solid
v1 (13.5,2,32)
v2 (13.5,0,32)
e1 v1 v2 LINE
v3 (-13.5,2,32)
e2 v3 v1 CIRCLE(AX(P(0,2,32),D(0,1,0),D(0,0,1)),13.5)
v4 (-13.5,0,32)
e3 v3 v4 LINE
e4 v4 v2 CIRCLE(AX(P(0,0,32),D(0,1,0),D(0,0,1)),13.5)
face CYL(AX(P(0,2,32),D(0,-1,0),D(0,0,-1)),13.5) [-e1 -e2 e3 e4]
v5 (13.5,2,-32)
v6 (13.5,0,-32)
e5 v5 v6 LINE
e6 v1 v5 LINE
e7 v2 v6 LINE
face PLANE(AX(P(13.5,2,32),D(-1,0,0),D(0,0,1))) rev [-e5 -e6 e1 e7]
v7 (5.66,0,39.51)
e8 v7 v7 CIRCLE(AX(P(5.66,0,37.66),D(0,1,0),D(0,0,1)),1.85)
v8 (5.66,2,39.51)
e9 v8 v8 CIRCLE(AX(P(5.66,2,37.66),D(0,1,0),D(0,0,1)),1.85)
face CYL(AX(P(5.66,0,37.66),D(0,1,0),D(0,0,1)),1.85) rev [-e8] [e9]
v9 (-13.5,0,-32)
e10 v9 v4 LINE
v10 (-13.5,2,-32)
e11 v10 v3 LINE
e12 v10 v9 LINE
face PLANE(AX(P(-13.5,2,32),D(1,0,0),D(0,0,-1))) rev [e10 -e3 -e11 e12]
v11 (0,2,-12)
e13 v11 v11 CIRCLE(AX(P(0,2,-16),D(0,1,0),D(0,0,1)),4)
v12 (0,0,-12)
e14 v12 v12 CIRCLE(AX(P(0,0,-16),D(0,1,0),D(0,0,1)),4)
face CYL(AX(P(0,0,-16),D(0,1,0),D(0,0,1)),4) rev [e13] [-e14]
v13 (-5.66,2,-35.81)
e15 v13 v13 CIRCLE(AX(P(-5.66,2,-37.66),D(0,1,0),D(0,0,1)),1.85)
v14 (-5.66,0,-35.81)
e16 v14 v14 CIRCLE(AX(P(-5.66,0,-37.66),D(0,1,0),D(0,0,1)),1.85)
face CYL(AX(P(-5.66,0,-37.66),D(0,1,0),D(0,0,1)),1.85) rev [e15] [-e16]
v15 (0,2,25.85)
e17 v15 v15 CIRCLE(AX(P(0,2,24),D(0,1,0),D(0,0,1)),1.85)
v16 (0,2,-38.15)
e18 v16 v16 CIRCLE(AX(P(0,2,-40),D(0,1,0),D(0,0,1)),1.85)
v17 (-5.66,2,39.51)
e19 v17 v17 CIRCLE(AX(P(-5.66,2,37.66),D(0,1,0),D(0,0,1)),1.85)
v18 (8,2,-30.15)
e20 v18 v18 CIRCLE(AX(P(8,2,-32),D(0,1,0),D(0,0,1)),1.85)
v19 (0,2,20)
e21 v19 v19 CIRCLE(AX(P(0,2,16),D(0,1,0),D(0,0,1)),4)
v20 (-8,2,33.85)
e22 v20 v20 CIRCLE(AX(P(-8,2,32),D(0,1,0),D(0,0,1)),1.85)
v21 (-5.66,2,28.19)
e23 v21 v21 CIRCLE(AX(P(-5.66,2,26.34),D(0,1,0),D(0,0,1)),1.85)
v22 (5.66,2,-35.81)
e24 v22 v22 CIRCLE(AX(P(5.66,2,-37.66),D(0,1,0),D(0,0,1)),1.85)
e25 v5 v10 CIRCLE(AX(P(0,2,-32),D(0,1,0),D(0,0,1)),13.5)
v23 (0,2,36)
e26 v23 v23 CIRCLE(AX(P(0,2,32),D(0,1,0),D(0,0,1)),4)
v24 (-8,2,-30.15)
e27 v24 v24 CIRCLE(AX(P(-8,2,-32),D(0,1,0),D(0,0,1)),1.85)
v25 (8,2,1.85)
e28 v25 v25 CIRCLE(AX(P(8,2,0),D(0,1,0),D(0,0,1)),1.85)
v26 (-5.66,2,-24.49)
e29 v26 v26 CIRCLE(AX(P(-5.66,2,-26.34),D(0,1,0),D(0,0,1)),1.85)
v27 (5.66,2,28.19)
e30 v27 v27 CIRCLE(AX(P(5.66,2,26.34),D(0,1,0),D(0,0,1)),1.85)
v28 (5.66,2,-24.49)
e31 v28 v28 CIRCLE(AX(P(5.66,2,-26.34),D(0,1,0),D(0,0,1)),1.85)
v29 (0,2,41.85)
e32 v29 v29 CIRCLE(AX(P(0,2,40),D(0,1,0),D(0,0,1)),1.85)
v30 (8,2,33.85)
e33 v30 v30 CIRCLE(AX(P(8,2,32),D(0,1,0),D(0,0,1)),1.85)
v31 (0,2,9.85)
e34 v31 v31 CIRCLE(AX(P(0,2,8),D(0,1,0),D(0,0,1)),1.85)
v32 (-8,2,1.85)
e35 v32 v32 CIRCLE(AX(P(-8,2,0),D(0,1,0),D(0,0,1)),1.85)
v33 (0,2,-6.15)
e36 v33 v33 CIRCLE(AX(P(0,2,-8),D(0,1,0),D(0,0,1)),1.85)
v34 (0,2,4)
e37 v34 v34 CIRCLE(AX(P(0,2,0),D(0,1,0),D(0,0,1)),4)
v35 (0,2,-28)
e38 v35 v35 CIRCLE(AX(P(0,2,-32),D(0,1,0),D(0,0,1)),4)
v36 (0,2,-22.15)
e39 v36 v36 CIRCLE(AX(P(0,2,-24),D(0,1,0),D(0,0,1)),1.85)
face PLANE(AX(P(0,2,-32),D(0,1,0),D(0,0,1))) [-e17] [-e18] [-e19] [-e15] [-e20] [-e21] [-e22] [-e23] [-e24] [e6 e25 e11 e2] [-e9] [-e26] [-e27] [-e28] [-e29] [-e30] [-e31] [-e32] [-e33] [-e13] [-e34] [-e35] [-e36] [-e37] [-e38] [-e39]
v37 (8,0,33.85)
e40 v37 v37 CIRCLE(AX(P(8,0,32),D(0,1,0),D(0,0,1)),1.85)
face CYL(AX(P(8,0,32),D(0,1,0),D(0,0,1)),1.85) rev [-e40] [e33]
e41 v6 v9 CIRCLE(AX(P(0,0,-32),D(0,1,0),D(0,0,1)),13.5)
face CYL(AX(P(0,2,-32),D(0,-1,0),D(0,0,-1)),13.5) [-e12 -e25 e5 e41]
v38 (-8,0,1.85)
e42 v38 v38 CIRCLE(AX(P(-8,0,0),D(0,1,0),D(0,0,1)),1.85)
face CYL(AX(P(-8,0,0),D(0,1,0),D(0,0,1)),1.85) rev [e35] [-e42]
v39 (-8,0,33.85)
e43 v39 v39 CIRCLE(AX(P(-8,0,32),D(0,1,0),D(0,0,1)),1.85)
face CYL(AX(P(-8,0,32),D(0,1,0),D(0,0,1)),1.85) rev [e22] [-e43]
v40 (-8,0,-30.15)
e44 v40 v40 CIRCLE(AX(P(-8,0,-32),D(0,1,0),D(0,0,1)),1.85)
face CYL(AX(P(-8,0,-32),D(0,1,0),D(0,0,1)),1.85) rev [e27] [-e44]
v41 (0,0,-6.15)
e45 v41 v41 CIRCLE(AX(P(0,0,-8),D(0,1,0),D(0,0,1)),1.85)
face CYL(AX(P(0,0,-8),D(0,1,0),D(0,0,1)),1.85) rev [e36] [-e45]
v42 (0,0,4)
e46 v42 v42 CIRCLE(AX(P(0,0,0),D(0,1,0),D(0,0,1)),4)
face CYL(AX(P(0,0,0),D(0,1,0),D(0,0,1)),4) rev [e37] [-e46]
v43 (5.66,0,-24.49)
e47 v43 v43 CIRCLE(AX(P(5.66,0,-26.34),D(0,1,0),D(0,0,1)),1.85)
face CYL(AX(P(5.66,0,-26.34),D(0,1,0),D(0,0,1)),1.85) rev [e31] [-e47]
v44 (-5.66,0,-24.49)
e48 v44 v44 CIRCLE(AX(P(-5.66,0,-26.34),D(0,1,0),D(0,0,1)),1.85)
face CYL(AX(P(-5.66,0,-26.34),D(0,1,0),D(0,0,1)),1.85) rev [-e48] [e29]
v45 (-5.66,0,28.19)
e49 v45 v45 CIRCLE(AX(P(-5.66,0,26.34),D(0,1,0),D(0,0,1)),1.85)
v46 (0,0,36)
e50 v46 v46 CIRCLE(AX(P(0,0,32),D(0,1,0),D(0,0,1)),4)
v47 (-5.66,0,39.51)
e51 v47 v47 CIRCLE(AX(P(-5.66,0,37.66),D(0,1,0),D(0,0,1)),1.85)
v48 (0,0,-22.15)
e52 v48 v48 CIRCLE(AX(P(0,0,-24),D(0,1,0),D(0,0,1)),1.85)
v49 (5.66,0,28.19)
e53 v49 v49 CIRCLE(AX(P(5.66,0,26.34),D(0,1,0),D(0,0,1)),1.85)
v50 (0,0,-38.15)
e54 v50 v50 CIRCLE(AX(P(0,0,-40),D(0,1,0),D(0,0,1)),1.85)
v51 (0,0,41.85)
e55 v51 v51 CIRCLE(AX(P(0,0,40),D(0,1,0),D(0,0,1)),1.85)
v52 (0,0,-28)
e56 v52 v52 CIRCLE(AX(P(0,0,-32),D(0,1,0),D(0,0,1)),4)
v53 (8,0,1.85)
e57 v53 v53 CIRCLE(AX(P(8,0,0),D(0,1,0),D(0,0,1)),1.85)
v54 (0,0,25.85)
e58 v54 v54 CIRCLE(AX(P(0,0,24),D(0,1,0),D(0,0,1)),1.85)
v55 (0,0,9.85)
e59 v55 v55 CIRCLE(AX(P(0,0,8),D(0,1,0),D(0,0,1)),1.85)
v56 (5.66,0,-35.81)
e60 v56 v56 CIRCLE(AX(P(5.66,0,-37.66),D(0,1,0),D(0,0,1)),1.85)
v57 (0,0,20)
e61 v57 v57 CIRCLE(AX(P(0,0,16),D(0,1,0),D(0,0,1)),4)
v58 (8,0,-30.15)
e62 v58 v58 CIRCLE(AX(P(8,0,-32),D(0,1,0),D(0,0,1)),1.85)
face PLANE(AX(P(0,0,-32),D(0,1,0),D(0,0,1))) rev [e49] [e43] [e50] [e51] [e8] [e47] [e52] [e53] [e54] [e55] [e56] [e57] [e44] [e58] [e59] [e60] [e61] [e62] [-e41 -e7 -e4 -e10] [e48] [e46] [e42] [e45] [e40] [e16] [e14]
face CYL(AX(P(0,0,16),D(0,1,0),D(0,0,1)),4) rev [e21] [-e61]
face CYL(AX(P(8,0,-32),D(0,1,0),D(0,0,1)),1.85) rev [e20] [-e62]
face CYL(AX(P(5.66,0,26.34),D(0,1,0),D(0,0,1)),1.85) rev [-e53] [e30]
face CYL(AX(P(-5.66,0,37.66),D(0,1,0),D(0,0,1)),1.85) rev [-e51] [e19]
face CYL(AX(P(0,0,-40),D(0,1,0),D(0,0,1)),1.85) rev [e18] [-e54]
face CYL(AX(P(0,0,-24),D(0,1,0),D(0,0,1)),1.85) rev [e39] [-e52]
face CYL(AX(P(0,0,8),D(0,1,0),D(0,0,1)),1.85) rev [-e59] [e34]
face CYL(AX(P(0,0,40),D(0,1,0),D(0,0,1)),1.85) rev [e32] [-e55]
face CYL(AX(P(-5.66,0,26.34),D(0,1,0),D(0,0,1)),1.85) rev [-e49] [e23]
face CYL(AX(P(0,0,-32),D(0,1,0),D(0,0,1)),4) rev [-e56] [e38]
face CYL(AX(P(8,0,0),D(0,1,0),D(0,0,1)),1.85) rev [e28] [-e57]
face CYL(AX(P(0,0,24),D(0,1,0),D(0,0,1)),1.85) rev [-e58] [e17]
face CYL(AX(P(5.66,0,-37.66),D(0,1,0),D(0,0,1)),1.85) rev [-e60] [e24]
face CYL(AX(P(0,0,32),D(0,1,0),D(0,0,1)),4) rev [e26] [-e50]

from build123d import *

# Parameters (mm, degrees)
EXTRUDE1_DEPTH = 2
SKETCH3_R      = 4
SKETCH3_R_2    = 1.85
EXTRUDE2_DEPTH = 2


with BuildPart() as part:
    # Sketch2 → Extrude1 (new body)
    with BuildSketch(Plane(origin=(0, 0, 0), x_dir=(1, 0, 0), z_dir=(0, 1, 0))):
        with BuildLine():
            Line((-13.5, -32), (-13.5, 32))
            ThreePointArc((-13.5, 32), (0, 45.5), (13.5, 32))
            Line((13.5, 32), (13.5, -32))
            ThreePointArc((13.5, -32), (0, -45.5), (-13.5, -32))
        make_face()
    extrude(amount=EXTRUDE1_DEPTH)

    # Sketch3 → Extrude2 (cut)
    with BuildSketch(Plane(origin=(0, 2, 0), x_dir=(1, 0, 0), z_dir=(0, 1, 0))):
        with Locations((0, -16)):
            Circle(SKETCH3_R)
        with Locations((0, 16)):
            Circle(SKETCH3_R)
        Circle(SKETCH3_R)
        with Locations((0, 8)):
            Circle(SKETCH3_R_2)
        with Locations((0, -8)):
            Circle(SKETCH3_R_2)
        with Locations((8, 0)):
            Circle(SKETCH3_R_2)
        with Locations((-8, 0)):
            Circle(SKETCH3_R_2)
        with Locations((0, -24)):
            Circle(SKETCH3_R_2)
        with Locations((8, -32)):
            Circle(SKETCH3_R_2)
        with Locations((0, -32)):
            Circle(SKETCH3_R)
        with Locations((-8, -32)):
            Circle(SKETCH3_R_2)
        with Locations((-5.66, -37.66)):
            Circle(SKETCH3_R_2)
        with Locations((5.66, -37.66)):
            Circle(SKETCH3_R_2)
        with Locations((0, -40)):
            Circle(SKETCH3_R_2)
        with Locations((-5.66, -26.34)):
            Circle(SKETCH3_R_2)
        with Locations((5.66, -26.34)):
            Circle(SKETCH3_R_2)
        with Locations((0, 40)):
            Circle(SKETCH3_R_2)
        with Locations((8, 32)):
            Circle(SKETCH3_R_2)
        with Locations((0, 32)):
            Circle(SKETCH3_R)
        with Locations((-8, 32)):
            Circle(SKETCH3_R_2)
        with Locations((-5.66, 26.34)):
            Circle(SKETCH3_R_2)
        with Locations((5.66, 26.34)):
            Circle(SKETCH3_R_2)
        with Locations((0, 24)):
            Circle(SKETCH3_R_2)
        with Locations((-5.66, 37.66)):
            Circle(SKETCH3_R_2)
        with Locations((5.66, 37.66)):
            Circle(SKETCH3_R_2)
    extrude(amount=-EXTRUDE2_DEPTH, mode=Mode.SUBTRACT)


solid = part.part
